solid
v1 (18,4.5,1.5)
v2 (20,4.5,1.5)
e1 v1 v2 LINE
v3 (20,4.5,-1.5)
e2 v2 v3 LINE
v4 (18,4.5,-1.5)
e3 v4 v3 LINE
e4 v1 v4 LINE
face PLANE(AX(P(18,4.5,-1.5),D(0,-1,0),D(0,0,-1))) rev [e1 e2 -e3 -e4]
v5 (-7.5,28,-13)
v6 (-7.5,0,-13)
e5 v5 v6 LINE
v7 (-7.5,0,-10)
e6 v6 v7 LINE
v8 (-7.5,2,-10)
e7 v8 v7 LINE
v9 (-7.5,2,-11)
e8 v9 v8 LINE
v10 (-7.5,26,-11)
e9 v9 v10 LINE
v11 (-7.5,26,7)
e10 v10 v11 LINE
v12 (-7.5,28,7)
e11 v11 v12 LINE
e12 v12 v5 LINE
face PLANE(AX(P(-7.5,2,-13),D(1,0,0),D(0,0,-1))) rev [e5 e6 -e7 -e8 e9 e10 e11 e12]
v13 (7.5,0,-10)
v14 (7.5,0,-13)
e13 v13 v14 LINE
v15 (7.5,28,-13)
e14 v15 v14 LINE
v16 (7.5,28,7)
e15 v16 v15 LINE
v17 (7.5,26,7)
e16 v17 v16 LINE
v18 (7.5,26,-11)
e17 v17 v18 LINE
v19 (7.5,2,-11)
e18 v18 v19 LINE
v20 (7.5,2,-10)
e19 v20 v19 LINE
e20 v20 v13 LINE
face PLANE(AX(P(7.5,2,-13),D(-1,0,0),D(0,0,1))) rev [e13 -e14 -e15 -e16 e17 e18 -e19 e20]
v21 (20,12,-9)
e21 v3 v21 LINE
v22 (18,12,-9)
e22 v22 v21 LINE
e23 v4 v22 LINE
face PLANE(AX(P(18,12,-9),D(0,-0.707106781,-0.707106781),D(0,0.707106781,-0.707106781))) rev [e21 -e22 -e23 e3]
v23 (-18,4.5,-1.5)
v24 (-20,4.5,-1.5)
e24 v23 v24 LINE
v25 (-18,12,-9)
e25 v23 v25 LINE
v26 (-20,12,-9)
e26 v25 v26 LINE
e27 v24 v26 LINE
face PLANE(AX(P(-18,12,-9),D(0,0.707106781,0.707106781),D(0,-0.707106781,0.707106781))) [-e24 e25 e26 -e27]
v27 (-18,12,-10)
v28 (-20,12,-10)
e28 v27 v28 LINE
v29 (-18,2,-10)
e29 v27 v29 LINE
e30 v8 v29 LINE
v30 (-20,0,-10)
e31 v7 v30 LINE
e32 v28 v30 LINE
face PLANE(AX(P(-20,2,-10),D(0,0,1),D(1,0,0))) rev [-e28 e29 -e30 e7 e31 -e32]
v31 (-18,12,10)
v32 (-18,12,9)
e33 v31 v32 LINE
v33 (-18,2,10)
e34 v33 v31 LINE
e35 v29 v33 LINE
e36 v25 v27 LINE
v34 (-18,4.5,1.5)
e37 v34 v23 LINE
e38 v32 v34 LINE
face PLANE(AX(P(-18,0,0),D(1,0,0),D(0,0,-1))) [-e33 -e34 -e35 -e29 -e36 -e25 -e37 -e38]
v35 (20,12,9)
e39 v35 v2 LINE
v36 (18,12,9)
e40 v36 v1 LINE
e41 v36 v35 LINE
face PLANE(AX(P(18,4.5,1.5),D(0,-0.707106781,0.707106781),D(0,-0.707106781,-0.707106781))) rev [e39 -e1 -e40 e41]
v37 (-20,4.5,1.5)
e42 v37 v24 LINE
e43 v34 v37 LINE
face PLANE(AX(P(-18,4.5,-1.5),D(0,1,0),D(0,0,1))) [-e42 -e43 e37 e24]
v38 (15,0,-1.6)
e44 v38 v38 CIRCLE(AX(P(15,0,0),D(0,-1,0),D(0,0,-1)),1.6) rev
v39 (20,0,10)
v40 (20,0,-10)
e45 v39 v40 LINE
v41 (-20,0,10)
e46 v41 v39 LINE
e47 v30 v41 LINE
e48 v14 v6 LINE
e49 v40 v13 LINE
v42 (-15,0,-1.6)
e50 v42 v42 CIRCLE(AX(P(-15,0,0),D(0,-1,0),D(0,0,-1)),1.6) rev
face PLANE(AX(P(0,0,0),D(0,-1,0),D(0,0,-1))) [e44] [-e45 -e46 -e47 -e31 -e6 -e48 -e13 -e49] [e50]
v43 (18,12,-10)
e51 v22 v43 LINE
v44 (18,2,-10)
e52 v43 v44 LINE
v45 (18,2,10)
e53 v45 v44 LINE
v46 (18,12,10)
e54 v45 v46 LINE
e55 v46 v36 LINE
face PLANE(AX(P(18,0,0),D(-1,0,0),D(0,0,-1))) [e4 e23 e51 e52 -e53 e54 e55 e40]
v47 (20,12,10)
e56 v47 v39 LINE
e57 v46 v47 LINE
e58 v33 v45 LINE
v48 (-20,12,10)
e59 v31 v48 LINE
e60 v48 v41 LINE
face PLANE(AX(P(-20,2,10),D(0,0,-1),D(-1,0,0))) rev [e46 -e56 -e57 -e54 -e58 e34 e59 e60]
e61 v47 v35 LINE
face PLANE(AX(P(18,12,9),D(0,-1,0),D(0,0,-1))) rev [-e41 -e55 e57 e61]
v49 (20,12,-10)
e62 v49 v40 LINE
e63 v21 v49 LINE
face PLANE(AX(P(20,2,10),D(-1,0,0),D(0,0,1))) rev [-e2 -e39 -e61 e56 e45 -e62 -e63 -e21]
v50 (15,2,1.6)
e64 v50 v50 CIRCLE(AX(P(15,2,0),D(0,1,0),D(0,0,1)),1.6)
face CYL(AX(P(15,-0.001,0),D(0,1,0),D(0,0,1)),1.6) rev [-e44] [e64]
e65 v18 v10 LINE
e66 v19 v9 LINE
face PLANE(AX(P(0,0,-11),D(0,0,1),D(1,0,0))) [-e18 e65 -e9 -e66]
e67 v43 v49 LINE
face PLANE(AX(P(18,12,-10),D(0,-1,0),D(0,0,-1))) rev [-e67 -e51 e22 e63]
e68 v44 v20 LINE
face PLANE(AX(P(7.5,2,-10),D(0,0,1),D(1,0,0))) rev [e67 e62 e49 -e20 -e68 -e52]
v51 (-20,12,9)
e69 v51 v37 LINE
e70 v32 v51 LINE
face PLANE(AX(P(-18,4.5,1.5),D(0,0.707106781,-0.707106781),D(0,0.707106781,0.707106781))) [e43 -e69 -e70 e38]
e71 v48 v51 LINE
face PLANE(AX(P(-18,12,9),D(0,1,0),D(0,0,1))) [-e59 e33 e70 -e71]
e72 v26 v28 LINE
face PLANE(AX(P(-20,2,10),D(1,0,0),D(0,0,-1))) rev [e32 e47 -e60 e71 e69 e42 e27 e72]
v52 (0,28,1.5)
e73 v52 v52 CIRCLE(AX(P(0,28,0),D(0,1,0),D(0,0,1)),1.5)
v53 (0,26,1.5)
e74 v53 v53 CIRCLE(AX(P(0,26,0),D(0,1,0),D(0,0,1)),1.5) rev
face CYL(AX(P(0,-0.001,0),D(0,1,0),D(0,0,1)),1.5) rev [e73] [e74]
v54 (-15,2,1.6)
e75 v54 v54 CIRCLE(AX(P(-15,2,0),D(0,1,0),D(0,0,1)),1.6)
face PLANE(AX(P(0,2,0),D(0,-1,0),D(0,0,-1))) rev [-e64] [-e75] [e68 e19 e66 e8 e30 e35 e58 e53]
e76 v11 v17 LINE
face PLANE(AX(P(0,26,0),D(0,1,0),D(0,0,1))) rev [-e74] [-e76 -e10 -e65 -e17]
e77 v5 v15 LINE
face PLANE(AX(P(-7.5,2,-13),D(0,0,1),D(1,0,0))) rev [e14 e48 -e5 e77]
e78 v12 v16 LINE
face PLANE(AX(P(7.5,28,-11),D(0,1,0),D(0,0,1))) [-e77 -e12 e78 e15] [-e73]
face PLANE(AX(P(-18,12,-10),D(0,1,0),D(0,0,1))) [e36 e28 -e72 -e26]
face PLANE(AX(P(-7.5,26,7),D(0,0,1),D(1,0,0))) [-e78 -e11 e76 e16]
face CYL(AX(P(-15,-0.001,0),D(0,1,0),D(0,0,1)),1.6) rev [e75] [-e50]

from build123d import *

# Parameters (mm, degrees)
EXTRUDE_1_DEPTH     = 2
SKETCH_2_W          = 15
SKETCH_2_H          = 28
EXTRUDE_2_DEPTH     = 2
EXTRUDE_3_DEPTH     = 2
SKETCH_4_W          = 15
SKETCH_4_H          = 20
EXTRUDE_4_DEPTH     = 2
CUT_EXTRUDE_1_REACH = 37.285
SKETCH_5_R          = 1.6
CUT_EXTRUDE_2_REACH = 38.783
SKETCH_6_R          = 1.5


with BuildPart() as part:
    # 草图1 → 凸台-拉伸1 (new body)
    with BuildSketch(Plane(origin=(0, 0, 0), x_dir=(1, 0, 0), z_dir=(0, 1, 0))):
        Polygon((7.5, 10), (20, 10), (20, -10), (-20, -10), (-20, 10), (-7.5, 10), (-7.5, 13), (7.5, 13), align=None)
    extrude(amount=EXTRUDE_1_DEPTH)

    # 草图2 → 凸台-拉伸2 (add)
    with BuildSketch(Plane(origin=(0, 0, -13), x_dir=(-1, 0, 0), z_dir=(0, 0, -1))):
        with Locations((0, 14)):
            Rectangle(SKETCH_2_W, SKETCH_2_H)
    extrude(amount=-EXTRUDE_2_DEPTH)

    # 草图3 → 凸台-拉伸3 (add)
    with BuildSketch(Plane.ZY.offset(20)):
        Polygon((1.5, 4.5), (9, 12), (10, 12), (10, 0), (-10, 0), (-10, 12), (-9, 12), (-1.5, 4.5), align=None)
    extrude_3 = extrude(amount=-EXTRUDE_3_DEPTH)

    # 镜向1: 凸台-拉伸3 across plane
    add(extrude_3.mirror(Plane(origin=(0, 0, 0), x_dir=(0, 0, 1), z_dir=(1, 0, 0))))

    # 草图4 → 凸台-拉伸4 (add)
    with BuildSketch(Plane(origin=(0, 28, 0), x_dir=(1, 0, 0), z_dir=(0, 1, 0))):
        with Locations((0, 3)):
            Rectangle(SKETCH_4_W, SKETCH_4_H)
    extrude(amount=-EXTRUDE_4_DEPTH)

    # 草图5 → 切除-拉伸1 (cut, up to next)
    with BuildSketch(Plane(origin=(0, 2, 0), x_dir=(1, 0, 0), z_dir=(0, 1, 0)), mode=Mode.PRIVATE) as cut_extrude_1_sk1:
        with Locations(Location((-15, 0, 0), (0, 0, 270))):
            Circle(SKETCH_5_R)
    cut_extrude_1_tool1 = extrude(cut_extrude_1_sk1.sketch, amount=-CUT_EXTRUDE_1_REACH, mode=Mode.PRIVATE) & part.part
    # 草图5 → 切除-拉伸1 (cut, up to next)
    with BuildSketch(Plane(origin=(0, 2, 0), x_dir=(1, 0, 0), z_dir=(0, 1, 0)), mode=Mode.PRIVATE) as cut_extrude_1_sk2:
        with Locations(Location((15, 0, 0), (0, 0, 270))):
            Circle(SKETCH_5_R)
    cut_extrude_1_tool2 = extrude(cut_extrude_1_sk2.sketch, amount=-CUT_EXTRUDE_1_REACH, mode=Mode.PRIVATE) & part.part
    add(cut_extrude_1_tool1.solids().sort_by_distance((-15, 2, 0))[0], mode=Mode.SUBTRACT)
    add(cut_extrude_1_tool2.solids().sort_by_distance((15, 2, 0))[0], mode=Mode.SUBTRACT)

    # 草图6 → 切除-拉伸2 (cut, up to next)
    with BuildSketch(Plane(origin=(0, 28, 0), x_dir=(1, 0, 0), z_dir=(0, 1, 0)), mode=Mode.PRIVATE) as cut_extrude_2_sk1:
        with Locations(Location((0, 0, 0), (0, 0, 270))):
            Circle(SKETCH_6_R)
    cut_extrude_2_tool1 = extrude(cut_extrude_2_sk1.sketch, amount=-CUT_EXTRUDE_2_REACH, mode=Mode.PRIVATE) & part.part
    add(cut_extrude_2_tool1.solids().sort_by_distance((0, 28, 0))[0], mode=Mode.SUBTRACT)


solid = part.part
